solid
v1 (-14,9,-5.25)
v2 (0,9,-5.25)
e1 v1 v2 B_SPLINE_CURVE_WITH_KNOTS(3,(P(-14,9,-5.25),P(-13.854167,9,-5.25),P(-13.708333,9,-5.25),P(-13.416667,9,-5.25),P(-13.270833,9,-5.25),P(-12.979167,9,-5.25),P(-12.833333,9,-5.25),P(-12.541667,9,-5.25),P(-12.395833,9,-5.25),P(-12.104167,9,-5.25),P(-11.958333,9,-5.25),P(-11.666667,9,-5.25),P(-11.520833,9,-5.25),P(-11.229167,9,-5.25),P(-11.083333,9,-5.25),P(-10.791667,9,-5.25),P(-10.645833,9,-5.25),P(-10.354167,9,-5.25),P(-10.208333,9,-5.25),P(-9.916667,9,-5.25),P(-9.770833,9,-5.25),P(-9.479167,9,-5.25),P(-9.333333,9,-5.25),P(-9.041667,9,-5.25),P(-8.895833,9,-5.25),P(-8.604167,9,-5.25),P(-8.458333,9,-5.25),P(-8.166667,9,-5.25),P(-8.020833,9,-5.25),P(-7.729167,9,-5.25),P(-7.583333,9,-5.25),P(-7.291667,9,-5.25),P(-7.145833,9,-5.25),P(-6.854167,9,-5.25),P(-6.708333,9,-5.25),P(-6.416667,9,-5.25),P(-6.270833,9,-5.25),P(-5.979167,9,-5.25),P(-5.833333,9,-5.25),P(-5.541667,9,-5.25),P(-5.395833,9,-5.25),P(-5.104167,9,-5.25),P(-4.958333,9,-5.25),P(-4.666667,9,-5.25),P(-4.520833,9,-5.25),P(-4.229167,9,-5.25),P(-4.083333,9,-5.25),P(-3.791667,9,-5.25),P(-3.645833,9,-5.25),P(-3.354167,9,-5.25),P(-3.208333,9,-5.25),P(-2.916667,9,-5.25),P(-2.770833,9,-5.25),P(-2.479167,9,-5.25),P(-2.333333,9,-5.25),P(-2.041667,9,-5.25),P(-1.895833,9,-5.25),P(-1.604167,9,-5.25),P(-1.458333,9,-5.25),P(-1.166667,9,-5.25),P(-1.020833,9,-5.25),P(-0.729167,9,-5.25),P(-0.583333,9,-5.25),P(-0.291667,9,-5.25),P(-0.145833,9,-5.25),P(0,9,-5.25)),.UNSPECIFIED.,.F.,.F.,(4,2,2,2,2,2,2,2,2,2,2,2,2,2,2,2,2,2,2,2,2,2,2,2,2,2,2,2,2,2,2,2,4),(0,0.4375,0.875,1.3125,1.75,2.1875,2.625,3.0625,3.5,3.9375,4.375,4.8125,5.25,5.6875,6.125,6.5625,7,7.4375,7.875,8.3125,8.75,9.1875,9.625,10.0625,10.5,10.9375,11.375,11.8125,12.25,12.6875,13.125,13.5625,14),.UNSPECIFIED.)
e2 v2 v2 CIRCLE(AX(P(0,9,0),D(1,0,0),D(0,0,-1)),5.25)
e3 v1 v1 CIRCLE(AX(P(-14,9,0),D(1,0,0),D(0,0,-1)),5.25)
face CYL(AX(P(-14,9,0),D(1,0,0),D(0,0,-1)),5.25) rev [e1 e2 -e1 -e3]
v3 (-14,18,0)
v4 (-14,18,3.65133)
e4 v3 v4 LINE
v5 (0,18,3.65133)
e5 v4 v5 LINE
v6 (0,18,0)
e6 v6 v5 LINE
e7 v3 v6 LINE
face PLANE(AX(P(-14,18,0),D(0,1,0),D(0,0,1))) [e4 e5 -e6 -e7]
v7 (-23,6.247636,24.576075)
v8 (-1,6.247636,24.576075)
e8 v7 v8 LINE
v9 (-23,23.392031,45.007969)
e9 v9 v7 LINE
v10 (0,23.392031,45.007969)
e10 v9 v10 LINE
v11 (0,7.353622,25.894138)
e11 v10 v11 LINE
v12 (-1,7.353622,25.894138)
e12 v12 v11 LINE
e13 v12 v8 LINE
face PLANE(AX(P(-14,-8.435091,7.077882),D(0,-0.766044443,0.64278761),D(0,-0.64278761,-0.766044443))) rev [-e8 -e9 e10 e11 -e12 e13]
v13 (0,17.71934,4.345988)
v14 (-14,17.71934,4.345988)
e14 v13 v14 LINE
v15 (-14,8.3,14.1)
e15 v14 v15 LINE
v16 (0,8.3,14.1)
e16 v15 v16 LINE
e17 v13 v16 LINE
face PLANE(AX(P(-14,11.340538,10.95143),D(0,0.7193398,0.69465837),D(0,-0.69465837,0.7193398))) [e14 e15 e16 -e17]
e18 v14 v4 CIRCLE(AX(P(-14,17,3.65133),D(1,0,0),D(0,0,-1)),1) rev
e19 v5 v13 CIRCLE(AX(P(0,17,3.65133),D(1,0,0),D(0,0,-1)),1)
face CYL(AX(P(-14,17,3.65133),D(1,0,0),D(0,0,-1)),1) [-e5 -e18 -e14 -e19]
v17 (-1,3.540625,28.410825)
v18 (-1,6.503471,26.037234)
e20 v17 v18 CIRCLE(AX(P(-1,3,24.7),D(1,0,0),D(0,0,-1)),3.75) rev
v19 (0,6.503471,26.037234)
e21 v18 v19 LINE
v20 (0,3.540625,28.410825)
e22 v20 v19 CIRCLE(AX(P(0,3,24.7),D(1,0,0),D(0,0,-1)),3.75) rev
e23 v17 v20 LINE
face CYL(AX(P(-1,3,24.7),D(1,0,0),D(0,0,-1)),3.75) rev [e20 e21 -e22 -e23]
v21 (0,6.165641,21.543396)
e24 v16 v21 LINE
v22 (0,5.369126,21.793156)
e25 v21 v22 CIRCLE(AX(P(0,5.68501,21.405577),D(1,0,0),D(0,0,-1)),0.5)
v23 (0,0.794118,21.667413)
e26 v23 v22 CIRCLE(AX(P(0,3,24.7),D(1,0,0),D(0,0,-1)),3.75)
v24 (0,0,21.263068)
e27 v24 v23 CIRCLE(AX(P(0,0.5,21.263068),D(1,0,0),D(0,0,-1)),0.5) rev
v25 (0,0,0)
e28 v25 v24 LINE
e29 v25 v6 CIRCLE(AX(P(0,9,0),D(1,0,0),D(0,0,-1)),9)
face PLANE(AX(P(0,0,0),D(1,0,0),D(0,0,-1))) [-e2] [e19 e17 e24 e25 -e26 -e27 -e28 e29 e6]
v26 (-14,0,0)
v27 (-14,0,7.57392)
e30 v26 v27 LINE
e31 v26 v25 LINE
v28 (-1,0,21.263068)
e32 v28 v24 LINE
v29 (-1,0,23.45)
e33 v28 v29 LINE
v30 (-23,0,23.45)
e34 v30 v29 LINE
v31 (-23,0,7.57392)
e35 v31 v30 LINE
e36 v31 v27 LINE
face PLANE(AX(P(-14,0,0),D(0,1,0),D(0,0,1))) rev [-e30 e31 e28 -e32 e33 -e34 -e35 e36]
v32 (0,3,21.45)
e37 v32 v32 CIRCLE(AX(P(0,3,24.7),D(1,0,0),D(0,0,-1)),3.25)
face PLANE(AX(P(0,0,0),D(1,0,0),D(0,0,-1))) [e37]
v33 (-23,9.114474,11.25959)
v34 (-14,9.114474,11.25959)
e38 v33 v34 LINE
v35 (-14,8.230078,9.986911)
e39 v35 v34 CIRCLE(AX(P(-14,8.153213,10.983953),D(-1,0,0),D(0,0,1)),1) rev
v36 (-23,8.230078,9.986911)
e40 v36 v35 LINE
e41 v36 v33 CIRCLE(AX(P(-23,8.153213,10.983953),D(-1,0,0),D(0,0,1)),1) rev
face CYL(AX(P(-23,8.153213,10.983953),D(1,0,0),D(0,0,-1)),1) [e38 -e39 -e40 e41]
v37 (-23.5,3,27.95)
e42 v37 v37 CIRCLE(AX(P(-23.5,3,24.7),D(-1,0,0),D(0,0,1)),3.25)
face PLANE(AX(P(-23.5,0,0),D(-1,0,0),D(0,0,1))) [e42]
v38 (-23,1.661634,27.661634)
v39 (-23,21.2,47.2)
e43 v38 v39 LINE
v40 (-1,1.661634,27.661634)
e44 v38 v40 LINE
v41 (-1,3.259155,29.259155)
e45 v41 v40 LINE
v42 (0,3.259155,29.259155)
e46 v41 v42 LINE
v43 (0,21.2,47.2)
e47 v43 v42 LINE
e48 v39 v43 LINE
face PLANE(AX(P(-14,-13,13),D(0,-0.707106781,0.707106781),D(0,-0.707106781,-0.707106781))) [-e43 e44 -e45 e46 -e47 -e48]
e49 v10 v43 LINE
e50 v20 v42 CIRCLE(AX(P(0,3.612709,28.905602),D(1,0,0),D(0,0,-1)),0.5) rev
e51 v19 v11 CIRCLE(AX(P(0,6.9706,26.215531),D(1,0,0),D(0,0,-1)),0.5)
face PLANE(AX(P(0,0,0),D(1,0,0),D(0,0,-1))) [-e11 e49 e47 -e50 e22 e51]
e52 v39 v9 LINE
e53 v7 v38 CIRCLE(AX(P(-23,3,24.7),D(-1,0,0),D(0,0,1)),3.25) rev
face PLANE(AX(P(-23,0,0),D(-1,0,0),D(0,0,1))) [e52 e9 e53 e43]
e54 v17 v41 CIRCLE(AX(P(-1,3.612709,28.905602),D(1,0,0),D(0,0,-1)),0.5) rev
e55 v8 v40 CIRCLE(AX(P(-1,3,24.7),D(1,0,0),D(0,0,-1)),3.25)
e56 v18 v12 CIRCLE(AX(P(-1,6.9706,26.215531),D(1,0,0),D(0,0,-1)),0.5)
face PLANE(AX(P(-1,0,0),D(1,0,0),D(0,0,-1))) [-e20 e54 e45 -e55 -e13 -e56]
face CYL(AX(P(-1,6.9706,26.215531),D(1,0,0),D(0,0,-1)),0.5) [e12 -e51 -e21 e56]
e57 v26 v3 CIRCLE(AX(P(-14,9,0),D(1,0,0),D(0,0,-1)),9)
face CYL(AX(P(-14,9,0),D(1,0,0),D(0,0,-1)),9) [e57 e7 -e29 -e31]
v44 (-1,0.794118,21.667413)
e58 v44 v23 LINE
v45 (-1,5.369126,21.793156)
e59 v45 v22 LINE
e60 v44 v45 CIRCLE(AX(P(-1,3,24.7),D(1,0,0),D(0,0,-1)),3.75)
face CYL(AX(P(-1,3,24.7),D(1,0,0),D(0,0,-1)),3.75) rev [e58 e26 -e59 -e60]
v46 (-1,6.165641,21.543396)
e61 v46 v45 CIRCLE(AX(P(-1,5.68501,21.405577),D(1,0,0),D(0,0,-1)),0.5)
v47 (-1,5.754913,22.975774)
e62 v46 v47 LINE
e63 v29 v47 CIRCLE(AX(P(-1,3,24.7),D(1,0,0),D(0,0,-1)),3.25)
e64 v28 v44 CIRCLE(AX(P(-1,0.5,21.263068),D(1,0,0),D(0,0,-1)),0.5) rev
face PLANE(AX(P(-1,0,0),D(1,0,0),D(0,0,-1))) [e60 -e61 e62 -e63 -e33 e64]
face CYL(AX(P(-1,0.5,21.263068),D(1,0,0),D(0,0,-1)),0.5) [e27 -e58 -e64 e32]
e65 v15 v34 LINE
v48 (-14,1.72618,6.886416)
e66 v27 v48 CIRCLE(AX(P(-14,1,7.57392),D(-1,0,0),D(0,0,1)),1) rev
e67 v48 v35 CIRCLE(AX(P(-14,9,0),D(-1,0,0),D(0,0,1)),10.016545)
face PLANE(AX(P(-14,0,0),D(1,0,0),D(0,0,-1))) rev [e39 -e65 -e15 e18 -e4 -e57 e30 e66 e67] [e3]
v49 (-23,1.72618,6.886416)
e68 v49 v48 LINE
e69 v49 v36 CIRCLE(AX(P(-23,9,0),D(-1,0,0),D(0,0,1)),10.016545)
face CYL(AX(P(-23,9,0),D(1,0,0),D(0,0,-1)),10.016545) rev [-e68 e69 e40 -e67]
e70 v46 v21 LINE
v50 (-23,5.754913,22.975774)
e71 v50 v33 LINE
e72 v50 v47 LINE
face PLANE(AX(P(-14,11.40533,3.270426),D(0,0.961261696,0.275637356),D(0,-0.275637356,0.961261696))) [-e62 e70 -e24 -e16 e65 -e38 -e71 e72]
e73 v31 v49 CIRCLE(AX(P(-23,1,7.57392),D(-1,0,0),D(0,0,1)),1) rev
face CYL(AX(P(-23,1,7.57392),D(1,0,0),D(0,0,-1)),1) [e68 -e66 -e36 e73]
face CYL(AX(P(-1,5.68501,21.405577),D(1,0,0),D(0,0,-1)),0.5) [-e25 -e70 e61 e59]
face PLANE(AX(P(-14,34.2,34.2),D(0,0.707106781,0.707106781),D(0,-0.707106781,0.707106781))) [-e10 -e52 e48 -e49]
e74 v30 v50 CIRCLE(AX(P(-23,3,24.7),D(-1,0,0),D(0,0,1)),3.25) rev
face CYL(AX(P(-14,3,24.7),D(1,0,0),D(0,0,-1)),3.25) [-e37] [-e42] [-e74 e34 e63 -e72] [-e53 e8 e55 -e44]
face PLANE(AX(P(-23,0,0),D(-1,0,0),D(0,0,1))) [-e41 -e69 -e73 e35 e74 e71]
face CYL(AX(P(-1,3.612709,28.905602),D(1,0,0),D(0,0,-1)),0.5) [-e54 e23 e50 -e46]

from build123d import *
from build123d.topology import SkipClean

# Parameters (mm, degrees)
SKETCH2_R           = 5.25
BOSS_EXTRUDE1_DEPTH = 14
CUT_EXTRUDE1_DEPTH  = 1
CUT_EXTRUDE2_DEPTH  = 1
BOSS_EXTRUDE2_DEPTH = 9
BOSS_EXTRUDE3_DEPTH = 9.5
FILLET1_R           = 1


with BuildPart() as part:
    # Sketch2 → Boss-Extrude1 (new body)
    with BuildSketch(Plane(origin=(0, 0, 0), x_dir=(0, 0, -1), z_dir=(1, 0, 0))):
        with BuildLine():
            ThreePointArc((0, 0), (9, 9), (0, 18))
            Line((0, 18), (-4.055356, 18))
            Line((-4.055356, 18), (-14.1, 8.3))
            Line((-14.1, 8.3), (-22.975774, 5.754913))
            ThreePointArc((-22.975774, 5.754913), (-23.743648, 6.106105), (-24.576075, 6.247636))
            Line((-24.576075, 6.247636), (-45.007969, 23.392031))
            Line((-45.007969, 23.392031), (-47.2, 21.2))
            Line((-47.2, 21.2), (-27.661634, 1.661634))
            ThreePointArc((-27.661634, 1.661634), (-25.892761, -0.023214), (-23.45, 0))
            Line((-23.45, 0), (0, 0))
        make_face()
        with Locations((0, 9)):
            Circle(SKETCH2_R, mode=Mode.SUBTRACT)
    extrude(amount=-BOSS_EXTRUDE1_DEPTH)

    # Sketch2<5> → Cut-Extrude1 (cut)
    with BuildSketch(Plane(origin=(0, 0, 0), x_dir=(0, 0, -1), z_dir=(1, 0, 0))):
        with BuildLine():
            Line((-29.259155, 3.259155), (-27.661634, 1.661634))
            ThreePointArc((-27.661634, 1.661634), (-27.39648, 4.814248), (-24.576075, 6.247636))
            Line((-24.576075, 6.247636), (-25.894138, 7.353622))
            ThreePointArc((-25.894138, 7.353622), (-25.722467, 6.887608), (-26.037234, 6.503471))
            ThreePointArc((-26.037234, 6.503471), (-27.62666, 5.344603), (-28.410825, 3.540625))
            ThreePointArc((-28.410825, 3.540625), (-28.748146, 3.138148), (-29.259155, 3.259155))
        make_face()
    extrude(amount=-CUT_EXTRUDE1_DEPTH, mode=Mode.SUBTRACT)

    # Sketch2<6> → Cut-Extrude2 (cut)
    with SkipClean():  # the faces are left unmerged after this step: merging them gives an invalid solid
        with BuildSketch(Plane(origin=(0, 0, 0), x_dir=(0, 0, -1), z_dir=(1, 0, 0))):
            with BuildLine():
                Line((-23.45, 0), (-21.263068, 0))
                ThreePointArc((-21.263068, 0), (-21.708635, 0.273129), (-21.667413, 0.794118))
                ThreePointArc((-21.667413, 0.794118), (-20.951416, 3.103029), (-21.793156, 5.369126))
                ThreePointArc((-21.793156, 5.369126), (-21.882672, 5.834611), (-21.543396, 6.165641))
                Line((-21.543396, 6.165641), (-22.975774, 5.754913))
                ThreePointArc((-22.975774, 5.754913), (-21.856918, 4.574606), (-21.45, 3))
                ThreePointArc((-21.45, 3), (-21.995837, 1.197224), (-23.45, 0))
            make_face()
        extrude(amount=-CUT_EXTRUDE2_DEPTH, mode=Mode.SUBTRACT)

    # Sketch3 → Boss-Extrude2 (add)
    with SkipClean():  # the faces are left unmerged after this step: merging them gives an invalid solid
        with BuildSketch(Plane.ZY.offset(14)):
            with BuildLine():
                Line((47.2, 21.2), (45.007969, 23.392031))
                Line((45.007969, 23.392031), (24.576075, 6.247636))
                ThreePointArc((24.576075, 6.247636), (23.743648, 6.106105), (22.975774, 5.754913))
                Line((22.975774, 5.754913), (11.25959, 9.114474))
                ThreePointArc((11.25959, 9.114474), (10.413299, 8.974404), (9.986911, 8.230078))
                ThreePointArc((9.986911, 8.230078), (9.041707, 4.689697), (6.886416, 1.72618))
                ThreePointArc((6.886416, 1.72618), (6.644894, 0.629987), (7.57392, 0))
                Line((7.57392, 0), (23.45, 0))
                ThreePointArc((23.45, 0), (25.892761, -0.023214), (27.661634, 1.661634))
                Line((27.661634, 1.661634), (47.2, 21.2))
            make_face()
        extrude(amount=BOSS_EXTRUDE2_DEPTH)

    # Sketch3<3> → Boss-Extrude3 (add)
    with SkipClean():  # the faces are left unmerged after this step: merging them gives an invalid solid
        with BuildSketch(Plane.ZY.offset(14)):
            with BuildLine():
                ThreePointArc((27.95, 3), (26.953857, 5.341501), (24.576075, 6.247636))
                ThreePointArc((24.576075, 6.247636), (23.743648, 6.106105), (22.975774, 5.754913))
                ThreePointArc((22.975774, 5.754913), (21.460978, 2.733093), (23.45, 0))
                ThreePointArc((23.45, 0), (25.892761, -0.023214), (27.661634, 1.661634))
                ThreePointArc((27.661634, 1.661634), (27.877091, 2.31546), (27.95, 3))
            make_face()
        extrude(amount=BOSS_EXTRUDE3_DEPTH)

    # Fillet1
    fillet1_edges = [part.edges().sort_by_distance(p)[0] for p in [
        (-7, 18, 4.055356),
    ]]
    fillet(fillet1_edges, radius=FILLET1_R)


solid = part.part
